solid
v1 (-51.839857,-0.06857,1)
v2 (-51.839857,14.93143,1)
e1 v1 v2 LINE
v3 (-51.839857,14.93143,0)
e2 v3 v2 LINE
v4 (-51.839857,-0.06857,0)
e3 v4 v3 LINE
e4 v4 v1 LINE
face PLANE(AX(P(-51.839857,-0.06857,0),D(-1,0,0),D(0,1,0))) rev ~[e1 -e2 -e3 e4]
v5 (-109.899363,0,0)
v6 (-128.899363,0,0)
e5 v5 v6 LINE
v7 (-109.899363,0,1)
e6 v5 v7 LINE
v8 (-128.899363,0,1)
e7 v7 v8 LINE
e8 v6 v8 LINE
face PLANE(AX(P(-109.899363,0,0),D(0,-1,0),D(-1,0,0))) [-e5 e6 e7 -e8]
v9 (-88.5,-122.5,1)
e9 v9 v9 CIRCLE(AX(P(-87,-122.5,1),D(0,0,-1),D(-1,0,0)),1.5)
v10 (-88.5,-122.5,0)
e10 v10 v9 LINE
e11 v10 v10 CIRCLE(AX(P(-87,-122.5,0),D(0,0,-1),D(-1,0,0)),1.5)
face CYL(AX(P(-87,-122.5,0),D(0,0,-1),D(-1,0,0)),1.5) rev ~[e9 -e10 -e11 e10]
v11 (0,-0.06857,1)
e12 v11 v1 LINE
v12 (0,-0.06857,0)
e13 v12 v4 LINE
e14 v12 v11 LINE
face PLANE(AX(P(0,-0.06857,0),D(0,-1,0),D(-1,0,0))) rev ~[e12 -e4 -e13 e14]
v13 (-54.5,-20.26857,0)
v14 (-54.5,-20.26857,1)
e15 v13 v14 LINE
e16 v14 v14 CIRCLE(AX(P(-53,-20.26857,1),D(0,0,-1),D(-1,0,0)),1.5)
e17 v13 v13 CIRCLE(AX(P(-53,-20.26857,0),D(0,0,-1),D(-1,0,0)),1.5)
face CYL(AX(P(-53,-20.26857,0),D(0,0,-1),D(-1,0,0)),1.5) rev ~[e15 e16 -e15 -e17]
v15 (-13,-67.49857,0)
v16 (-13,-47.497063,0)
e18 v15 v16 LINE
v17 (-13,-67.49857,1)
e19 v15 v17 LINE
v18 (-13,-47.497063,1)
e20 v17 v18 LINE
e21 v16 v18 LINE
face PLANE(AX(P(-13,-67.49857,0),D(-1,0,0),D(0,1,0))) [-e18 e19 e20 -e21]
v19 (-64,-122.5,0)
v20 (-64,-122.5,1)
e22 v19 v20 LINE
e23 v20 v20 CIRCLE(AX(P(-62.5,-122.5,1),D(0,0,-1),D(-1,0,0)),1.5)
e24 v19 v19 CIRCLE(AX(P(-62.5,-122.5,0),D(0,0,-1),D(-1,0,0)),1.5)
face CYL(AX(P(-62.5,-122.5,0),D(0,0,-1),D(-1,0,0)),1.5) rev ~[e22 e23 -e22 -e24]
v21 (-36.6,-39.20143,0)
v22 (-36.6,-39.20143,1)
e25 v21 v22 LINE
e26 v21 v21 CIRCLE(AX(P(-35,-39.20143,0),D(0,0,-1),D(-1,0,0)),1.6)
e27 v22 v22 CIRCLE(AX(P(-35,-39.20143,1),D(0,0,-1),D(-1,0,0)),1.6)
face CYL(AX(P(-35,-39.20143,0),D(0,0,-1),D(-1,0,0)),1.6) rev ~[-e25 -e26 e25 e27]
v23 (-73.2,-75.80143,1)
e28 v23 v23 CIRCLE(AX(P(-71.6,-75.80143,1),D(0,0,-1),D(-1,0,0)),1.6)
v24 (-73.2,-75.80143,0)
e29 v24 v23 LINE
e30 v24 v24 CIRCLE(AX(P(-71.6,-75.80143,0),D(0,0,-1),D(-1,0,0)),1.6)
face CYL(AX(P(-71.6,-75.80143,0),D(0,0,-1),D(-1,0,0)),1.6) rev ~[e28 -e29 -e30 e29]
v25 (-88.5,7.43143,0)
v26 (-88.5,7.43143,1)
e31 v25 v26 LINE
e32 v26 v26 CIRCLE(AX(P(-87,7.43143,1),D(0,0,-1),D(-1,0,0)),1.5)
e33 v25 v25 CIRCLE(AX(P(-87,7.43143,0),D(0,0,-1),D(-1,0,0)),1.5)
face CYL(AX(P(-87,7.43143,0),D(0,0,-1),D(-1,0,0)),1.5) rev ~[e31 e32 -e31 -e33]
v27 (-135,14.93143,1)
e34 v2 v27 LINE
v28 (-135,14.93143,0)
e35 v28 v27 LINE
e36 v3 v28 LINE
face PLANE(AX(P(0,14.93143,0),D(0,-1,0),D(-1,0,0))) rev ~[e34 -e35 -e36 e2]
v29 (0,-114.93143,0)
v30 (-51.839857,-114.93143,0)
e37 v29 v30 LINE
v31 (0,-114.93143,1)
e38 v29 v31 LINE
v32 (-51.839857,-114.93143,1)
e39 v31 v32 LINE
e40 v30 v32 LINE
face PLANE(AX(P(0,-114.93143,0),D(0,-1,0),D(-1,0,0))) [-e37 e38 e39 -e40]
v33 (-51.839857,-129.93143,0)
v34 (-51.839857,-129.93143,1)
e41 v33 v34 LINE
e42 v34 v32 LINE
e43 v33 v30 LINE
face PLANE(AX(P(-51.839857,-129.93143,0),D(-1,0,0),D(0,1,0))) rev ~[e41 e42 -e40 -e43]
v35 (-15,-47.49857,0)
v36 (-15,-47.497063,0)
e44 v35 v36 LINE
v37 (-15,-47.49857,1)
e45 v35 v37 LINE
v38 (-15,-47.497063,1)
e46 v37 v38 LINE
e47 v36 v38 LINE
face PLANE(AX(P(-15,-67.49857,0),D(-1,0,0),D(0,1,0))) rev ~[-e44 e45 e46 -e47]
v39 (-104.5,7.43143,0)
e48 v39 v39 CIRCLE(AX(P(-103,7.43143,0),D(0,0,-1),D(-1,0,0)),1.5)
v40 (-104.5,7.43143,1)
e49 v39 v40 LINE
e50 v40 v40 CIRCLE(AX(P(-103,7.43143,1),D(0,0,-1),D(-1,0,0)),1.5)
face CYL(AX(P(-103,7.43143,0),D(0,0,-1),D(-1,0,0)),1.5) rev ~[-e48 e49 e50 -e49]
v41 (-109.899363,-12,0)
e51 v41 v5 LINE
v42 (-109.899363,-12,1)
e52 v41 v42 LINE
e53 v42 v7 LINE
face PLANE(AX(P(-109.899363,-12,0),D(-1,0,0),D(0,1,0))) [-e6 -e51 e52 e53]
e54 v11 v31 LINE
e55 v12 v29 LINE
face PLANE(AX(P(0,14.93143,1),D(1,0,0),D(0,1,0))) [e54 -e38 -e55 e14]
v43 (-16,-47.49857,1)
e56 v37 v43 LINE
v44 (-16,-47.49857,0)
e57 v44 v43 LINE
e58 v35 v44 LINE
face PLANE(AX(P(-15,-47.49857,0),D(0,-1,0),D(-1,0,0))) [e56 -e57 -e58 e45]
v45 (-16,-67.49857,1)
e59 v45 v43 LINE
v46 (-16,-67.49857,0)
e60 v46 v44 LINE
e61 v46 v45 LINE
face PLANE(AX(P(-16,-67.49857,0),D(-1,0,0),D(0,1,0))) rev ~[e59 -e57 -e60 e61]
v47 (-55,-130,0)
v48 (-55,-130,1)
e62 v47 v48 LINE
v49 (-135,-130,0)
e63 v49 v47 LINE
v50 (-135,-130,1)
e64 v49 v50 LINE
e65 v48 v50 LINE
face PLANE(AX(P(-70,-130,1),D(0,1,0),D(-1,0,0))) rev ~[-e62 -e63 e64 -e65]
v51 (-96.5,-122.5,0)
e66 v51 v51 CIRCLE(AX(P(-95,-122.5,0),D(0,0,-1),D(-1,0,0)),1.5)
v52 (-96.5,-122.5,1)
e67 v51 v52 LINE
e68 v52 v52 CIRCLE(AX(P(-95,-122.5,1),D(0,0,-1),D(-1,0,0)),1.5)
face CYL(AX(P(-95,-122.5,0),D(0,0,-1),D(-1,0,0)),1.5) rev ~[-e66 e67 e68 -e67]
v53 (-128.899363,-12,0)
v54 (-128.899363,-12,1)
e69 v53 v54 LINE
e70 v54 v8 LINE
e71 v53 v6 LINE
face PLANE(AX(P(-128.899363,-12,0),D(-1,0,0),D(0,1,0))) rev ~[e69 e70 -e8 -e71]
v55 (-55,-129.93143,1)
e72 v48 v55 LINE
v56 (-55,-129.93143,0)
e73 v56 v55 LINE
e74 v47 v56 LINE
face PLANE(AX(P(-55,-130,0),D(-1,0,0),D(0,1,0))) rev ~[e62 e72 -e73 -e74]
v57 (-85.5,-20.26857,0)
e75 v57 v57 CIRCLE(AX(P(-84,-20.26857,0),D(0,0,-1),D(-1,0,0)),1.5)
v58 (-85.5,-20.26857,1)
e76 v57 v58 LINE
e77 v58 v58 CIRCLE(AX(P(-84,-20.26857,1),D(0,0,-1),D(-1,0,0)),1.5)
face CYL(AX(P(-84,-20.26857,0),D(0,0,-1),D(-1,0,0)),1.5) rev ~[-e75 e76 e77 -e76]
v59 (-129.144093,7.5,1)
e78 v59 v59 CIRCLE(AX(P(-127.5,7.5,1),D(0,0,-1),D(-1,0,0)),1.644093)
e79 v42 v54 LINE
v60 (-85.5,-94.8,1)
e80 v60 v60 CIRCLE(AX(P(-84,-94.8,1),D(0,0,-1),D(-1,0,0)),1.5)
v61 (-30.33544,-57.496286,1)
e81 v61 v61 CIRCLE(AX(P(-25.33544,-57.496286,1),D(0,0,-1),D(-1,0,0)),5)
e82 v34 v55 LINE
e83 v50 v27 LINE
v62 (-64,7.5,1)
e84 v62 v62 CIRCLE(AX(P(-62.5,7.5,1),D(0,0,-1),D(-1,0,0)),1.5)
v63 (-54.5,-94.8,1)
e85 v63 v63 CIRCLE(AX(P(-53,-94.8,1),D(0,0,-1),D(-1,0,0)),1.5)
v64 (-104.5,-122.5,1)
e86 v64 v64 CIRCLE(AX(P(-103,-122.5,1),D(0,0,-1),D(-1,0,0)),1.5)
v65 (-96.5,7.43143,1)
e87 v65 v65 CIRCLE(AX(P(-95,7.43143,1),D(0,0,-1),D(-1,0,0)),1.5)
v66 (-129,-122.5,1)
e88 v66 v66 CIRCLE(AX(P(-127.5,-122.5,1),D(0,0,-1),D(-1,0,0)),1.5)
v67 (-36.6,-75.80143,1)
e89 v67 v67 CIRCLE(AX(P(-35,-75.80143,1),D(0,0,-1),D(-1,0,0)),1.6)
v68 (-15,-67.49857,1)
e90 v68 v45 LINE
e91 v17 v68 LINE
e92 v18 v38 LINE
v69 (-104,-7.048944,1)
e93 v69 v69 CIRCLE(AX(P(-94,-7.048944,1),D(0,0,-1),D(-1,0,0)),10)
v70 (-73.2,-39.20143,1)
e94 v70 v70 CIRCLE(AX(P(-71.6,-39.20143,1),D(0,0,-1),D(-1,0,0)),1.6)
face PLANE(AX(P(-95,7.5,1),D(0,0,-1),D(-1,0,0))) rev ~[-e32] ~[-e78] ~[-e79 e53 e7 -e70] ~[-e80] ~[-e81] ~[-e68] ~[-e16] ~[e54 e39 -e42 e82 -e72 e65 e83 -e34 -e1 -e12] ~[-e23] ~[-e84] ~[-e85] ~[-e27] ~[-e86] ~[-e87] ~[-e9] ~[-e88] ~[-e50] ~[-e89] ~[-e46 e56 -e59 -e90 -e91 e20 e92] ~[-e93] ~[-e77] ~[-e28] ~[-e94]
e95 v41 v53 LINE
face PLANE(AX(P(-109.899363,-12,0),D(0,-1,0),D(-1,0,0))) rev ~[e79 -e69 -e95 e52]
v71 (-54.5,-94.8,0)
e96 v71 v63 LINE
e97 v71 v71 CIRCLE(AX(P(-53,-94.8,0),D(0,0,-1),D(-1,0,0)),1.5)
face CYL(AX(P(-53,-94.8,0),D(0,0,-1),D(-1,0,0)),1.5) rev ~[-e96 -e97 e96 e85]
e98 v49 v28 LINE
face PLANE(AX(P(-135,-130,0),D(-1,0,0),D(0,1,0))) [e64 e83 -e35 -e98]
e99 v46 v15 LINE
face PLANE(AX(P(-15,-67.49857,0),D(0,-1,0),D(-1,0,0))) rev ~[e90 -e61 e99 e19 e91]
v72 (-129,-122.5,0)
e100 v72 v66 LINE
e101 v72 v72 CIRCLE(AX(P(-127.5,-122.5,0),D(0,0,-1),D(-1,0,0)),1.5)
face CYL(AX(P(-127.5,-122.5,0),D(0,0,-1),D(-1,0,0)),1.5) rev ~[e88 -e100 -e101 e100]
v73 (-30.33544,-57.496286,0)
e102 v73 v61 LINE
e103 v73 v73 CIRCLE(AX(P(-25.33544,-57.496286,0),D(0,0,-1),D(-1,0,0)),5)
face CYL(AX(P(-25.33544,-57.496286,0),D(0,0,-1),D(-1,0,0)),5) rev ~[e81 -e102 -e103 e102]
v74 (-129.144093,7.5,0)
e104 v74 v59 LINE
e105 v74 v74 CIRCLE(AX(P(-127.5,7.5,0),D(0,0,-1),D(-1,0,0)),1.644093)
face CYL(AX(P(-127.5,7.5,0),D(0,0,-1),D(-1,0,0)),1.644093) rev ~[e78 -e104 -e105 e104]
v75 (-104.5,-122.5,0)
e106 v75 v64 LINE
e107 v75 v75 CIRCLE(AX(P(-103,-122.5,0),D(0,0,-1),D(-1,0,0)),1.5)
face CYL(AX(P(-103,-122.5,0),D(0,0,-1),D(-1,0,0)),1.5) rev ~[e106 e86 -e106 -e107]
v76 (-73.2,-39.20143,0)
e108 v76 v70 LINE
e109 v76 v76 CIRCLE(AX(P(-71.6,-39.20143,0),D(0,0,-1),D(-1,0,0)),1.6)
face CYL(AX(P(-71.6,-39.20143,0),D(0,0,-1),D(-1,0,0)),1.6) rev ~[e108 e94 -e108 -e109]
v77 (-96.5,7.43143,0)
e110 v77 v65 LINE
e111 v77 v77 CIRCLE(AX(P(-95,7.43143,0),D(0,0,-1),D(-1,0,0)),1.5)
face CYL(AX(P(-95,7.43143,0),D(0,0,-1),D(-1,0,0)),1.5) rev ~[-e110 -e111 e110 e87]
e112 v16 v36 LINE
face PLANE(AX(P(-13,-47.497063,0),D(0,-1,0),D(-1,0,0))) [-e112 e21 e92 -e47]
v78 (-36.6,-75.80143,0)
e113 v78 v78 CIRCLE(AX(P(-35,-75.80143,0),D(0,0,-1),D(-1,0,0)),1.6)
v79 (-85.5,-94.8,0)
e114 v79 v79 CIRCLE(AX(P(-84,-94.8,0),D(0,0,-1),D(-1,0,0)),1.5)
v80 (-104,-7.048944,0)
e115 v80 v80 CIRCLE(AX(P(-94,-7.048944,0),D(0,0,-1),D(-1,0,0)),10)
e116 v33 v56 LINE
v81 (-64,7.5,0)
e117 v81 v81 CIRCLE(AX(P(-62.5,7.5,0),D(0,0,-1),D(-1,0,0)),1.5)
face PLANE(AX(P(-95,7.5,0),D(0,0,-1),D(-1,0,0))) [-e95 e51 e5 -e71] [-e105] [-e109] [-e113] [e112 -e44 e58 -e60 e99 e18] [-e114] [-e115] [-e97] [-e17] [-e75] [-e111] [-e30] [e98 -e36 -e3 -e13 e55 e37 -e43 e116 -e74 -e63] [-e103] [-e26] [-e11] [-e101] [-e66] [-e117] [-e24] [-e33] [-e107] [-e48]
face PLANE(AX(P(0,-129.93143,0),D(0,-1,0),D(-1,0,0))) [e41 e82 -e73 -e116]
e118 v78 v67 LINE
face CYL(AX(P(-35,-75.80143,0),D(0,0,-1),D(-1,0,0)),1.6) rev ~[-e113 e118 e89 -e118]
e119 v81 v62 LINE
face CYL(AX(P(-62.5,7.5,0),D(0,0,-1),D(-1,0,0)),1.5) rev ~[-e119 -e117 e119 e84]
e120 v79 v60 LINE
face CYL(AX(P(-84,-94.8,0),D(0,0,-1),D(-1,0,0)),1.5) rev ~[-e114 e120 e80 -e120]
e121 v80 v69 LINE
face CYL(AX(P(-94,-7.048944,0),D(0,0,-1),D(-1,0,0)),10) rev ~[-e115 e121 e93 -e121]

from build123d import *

# Parameters (mm, degrees)
SKETCH1_W            = 135
SKETCH1_H            = 115
BOSS_EXTRUDE1_DEPTH  = 1
SKETCH3_W            = 15
SKETCH3_H            = 15
BOSS_EXTRUDE3_DEPTH  = 1
SKETCH4_W            = 15
SKETCH4_H            = 15
BOSS_EXTRUDE4_DEPTH  = 1
SKETCH5_R            = 1.5
SKETCH5_R_2          = 1.644092979
CUT_EXTRUDE1_DEPTH   = 1
BOSS_EXTRUDE5_START  = -1
SKETCH6_W            = 50
SKETCH6_H            = 15
BOSS_EXTRUDE5_DEPTH  = 1
SKETCH7_W            = 55
SKETCH7_H            = 14.931429571
BOSS_EXTRUDE6_DEPTH  = 1
SKETCH8_W            = 55
SKETCH8_H            = 14.931429571
BOSS_EXTRUDE10_DEPTH = 1
SKETCH9_W            = 50
SKETCH9_H            = 15
BOSS_EXTRUDE11_DEPTH = 1
SKETCH10_W           = 135
SKETCH10_H           = 20
BOSS_EXTRUDE12_DEPTH = 1
SKETCH12_W           = 135
SKETCH12_H           = 20
CUT_EXTRUDE2_DEPTH   = 1
SKETCH14_W           = 51.839856939
SKETCH14_H           = 15
CUT_EXTRUDE3_DEPTH   = 1
SKETCH15_R           = 1.5
CUT_EXTRUDE5_DEPTH   = 10
SKETCH16_R           = 1.5
CUT_EXTRUDE6_DEPTH   = 10
SKETCH17_R           = 1.6
CUT_EXTRUDE9_DEPTH   = 1
SKETCH18_R           = 1.5
SKETCH18_R_2         = 10
CUT_EXTRUDE10_DEPTH  = 10
SKETCH19_R           = 10
CUT_EXTRUDE11_DEPTH  = 10
SKETCH20_W           = 19
SKETCH20_H           = 12
CUT_EXTRUDE12_DEPTH  = 10
SKETCH21_R           = 5
SKETCH21_W           = 1
SKETCH21_H           = 20
CUT_EXTRUDE13_DEPTH  = 10
SKETCH22_R           = 1.5
CUT_EXTRUDE14_DEPTH  = 10
SKETCH23_R           = 1.623611173
SKETCH23_R_2         = 1.5
SKETCH23_R_3         = 1.457682771
SKETCH23_R_4         = 10
SKETCH23_R_5         = 2.633238526
BOSS_EXTRUDE14_DEPTH = 1
SKETCH24_R           = 1.891339509
BOSS_EXTRUDE15_DEPTH = 1
SKETCH25_W           = 2
SKETCH25_H           = 20.001507343
CUT_EXTRUDE15_DEPTH  = 1
SKETCH26_R           = 1.5
CUT_EXTRUDE16_DEPTH  = 1


with BuildPart() as part:
    # Sketch1 → Boss-Extrude1 (new body)
    with BuildSketch(Plane.XY):
        with Locations((-67.5, -57.5)):
            Rectangle(SKETCH1_W, SKETCH1_H)
    extrude(amount=BOSS_EXTRUDE1_DEPTH)

    # Sketch3 → Boss-Extrude3 (add)
    with BuildSketch(Plane(origin=(0, 0, 0), x_dir=(-1, 0, 0), z_dir=(0, 0, -1))):
        with Locations((127.5, -122.5)):
            Rectangle(SKETCH3_W, SKETCH3_H)
        with Locations((127.5, 7.5)):
            Rectangle(SKETCH3_W, SKETCH3_H)
    extrude(amount=-BOSS_EXTRUDE3_DEPTH)

    # Sketch4 → Boss-Extrude4 (add)
    with BuildSketch(Plane(origin=(0, 0, 0), x_dir=(-1, 0, 0), z_dir=(0, 0, -1))):
        with Locations((62.5, -122.5)):
            Rectangle(SKETCH4_W, SKETCH4_H)
        with Locations((62.5, 7.5)):
            Rectangle(SKETCH4_W, SKETCH4_H)
    extrude(amount=-BOSS_EXTRUDE4_DEPTH)

    # Sketch5 → Cut-Extrude1 (cut)
    with BuildSketch(Plane(origin=(0, 0, 0), x_dir=(-1, 0, 0), z_dir=(0, 0, -1))):
        with Locations((62.5, -122.5)):
            Circle(SKETCH5_R)
        with Locations((127.5, -122.5)):
            Circle(SKETCH5_R)
        with Locations((62.5, 7.5)):
            Circle(SKETCH5_R)
        with Locations((127.5, 7.5)):
            Circle(SKETCH5_R_2)
    extrude(amount=-CUT_EXTRUDE1_DEPTH, mode=Mode.SUBTRACT)

    # Sketch6 → Boss-Extrude5 (add)
    with BuildSketch(Plane(origin=(0, 0, 0), x_dir=(-1, 0, 0), z_dir=(0, 0, -1)).offset(BOSS_EXTRUDE5_START)):
        with Locations((95, -122.5)):
            Rectangle(SKETCH6_W, SKETCH6_H)
    extrude(amount=BOSS_EXTRUDE5_DEPTH)

    # Sketch7 → Boss-Extrude6 (add)
    with BuildSketch(Plane(origin=(0, 0, 0), x_dir=(-1, 0, 0), z_dir=(0, 0, -1))):
        with Locations((27.5, -122.465714786)):
            Rectangle(SKETCH7_W, SKETCH7_H)
    extrude(amount=-BOSS_EXTRUDE6_DEPTH)

    # Sketch8 → Boss-Extrude10 (add)
    with BuildSketch(Plane(origin=(0, 0, 0), x_dir=(-1, 0, 0), z_dir=(0, 0, -1))):
        with Locations((27.5, 7.465714786)):
            Rectangle(SKETCH8_W, SKETCH8_H)
    extrude(amount=-BOSS_EXTRUDE10_DEPTH)

    # Sketch9 → Boss-Extrude11 (add)
    with BuildSketch(Plane(origin=(0, 0, 0), x_dir=(-1, 0, 0), z_dir=(0, 0, -1))):
        with Locations((95, 7.5)):
            Rectangle(SKETCH9_W, SKETCH9_H)
    extrude(amount=-BOSS_EXTRUDE11_DEPTH)

    # Sketch10 → Boss-Extrude12 (add)
    with BuildSketch(Plane.XY.offset(1)):
        with Locations((-67.5, 24.931429571)):
            Rectangle(SKETCH10_W, SKETCH10_H)
    extrude(amount=-BOSS_EXTRUDE12_DEPTH)

    # Sketch12 → Cut-Extrude2 (cut)
    with BuildSketch(Plane(origin=(0, 0, 0), x_dir=(-1, 0, 0), z_dir=(0, 0, -1))):
        with Locations((67.5, 24.931429571)):
            Rectangle(SKETCH12_W, SKETCH12_H)
    extrude(amount=-CUT_EXTRUDE2_DEPTH, mode=Mode.SUBTRACT)

    # Sketch14 → Cut-Extrude3 (cut)
    with BuildSketch(Plane(origin=(0, 0, 0), x_dir=(-1, 0, 0), z_dir=(0, 0, -1))):
        with Locations((25.91992847, -122.431429571)):
            Rectangle(SKETCH14_W, SKETCH14_H)
        with Locations((25.91992847, 7.431429571)):
            Rectangle(SKETCH14_W, SKETCH14_H)
    extrude(amount=-CUT_EXTRUDE3_DEPTH, mode=Mode.SUBTRACT)

    # Sketch15 → Cut-Extrude5 (cut)
    with BuildSketch(Plane(origin=(0, 0, 0), x_dir=(-1, 0, 0), z_dir=(0, 0, -1))):
        with Locations((71.839856939, -125)):
            Circle(SKETCH15_R)
        with Locations((113.463350925, -125)):
            Circle(SKETCH15_R)
        with Locations((100, -125)):
            Circle(SKETCH15_R)
        with Locations((87, -125)):
            Circle(SKETCH15_R)
        with Locations((100, 9.931429571)):
            Circle(SKETCH15_R)
        with Locations((87, 9.931429571)):
            Circle(SKETCH15_R)
        with Locations((32.99653198, -109.931429571)):
            Circle(SKETCH15_R)
        with Locations((20, -109.631168863)):
            Circle(SKETCH15_R)
        with Locations((32.99653198, -5.068570429)):
            Circle(SKETCH15_R)
        with Locations((20, -5.068570429)):
            Circle(SKETCH15_R)
    extrude(amount=-CUT_EXTRUDE5_DEPTH, mode=Mode.SUBTRACT)

    # Sketch16 → Cut-Extrude6 (cut)
    with BuildSketch(Plane(origin=(0, 0, 0), x_dir=(-1, 0, 0), z_dir=(0, 0, -1))):
        with Locations((130, -95)):
            Circle(SKETCH16_R)
        with Locations((130, -82)):
            Circle(SKETCH16_R)
        with Locations((130, -33.068570429)):
            Circle(SKETCH16_R)
        with Locations((130, -20.068570429)):
            Circle(SKETCH16_R)
    extrude(amount=-CUT_EXTRUDE6_DEPTH, mode=Mode.SUBTRACT)

    # Sketch17 → Cut-Extrude9 (cut)
    with BuildSketch(Plane(origin=(0, 0, 0), x_dir=(-1, 0, 0), z_dir=(0, 0, -1))):
        with Locations((35, -75.801429571)):
            Circle(SKETCH17_R)
        with Locations((35, -39.201429571)):
            Circle(SKETCH17_R)
        with Locations((71.6, -39.201429571)):
            Circle(SKETCH17_R)
        with Locations((71.6, -75.801429571)):
            Circle(SKETCH17_R)
    extrude(amount=-CUT_EXTRUDE9_DEPTH, mode=Mode.SUBTRACT)

    # Sketch18 → Cut-Extrude10 (cut)
    with BuildSketch(Plane(origin=(0, 0, 0), x_dir=(-1, 0, 0), z_dir=(0, 0, -1))):
        with Locations((115, -20.268570429)):
            Circle(SKETCH18_R)
        with Locations((115, -94.8)):
            Circle(SKETCH18_R)
        with Locations((84, -20.268570429)):
            Circle(SKETCH18_R)
        with Locations((84, -94.8)):
            Circle(SKETCH18_R)
        with Locations((95, -107.048943692)):
            Circle(SKETCH18_R_2)
    extrude(amount=-CUT_EXTRUDE10_DEPTH, mode=Mode.SUBTRACT)

    # Sketch19 → Cut-Extrude11 (cut)
    with BuildSketch(Plane(origin=(0, 0, 0), x_dir=(-1, 0, 0), z_dir=(0, 0, -1))):
        with Locations((94, -7.048943692)):
            Circle(SKETCH19_R)
    extrude(amount=-CUT_EXTRUDE11_DEPTH, mode=Mode.SUBTRACT)

    # Sketch20 → Cut-Extrude12 (cut)
    with BuildSketch(Plane(origin=(0, 0, 0), x_dir=(-1, 0, 0), z_dir=(0, 0, -1))):
        with Locations((119.399363066, -6)):
            Rectangle(SKETCH20_W, SKETCH20_H)
    extrude(amount=-CUT_EXTRUDE12_DEPTH, mode=Mode.SUBTRACT)

    # Sketch21 → Cut-Extrude13 (cut)
    with BuildSketch(Plane(origin=(0, 0, 0), x_dir=(-1, 0, 0), z_dir=(0, 0, -1))):
        with Locations((25.335439778, -57.496285719)):
            Circle(SKETCH21_R)
        with Locations((15.5, -57.498570429)):
            Rectangle(SKETCH21_W, SKETCH21_H)
    extrude(amount=-CUT_EXTRUDE13_DEPTH, mode=Mode.SUBTRACT)

    # Sketch22 → Cut-Extrude14 (cut)
    with BuildSketch(Plane(origin=(0, 0, 0), x_dir=(-1, 0, 0), z_dir=(0, 0, -1))):
        with Locations((53, -20.268570429)):
            Circle(SKETCH22_R)
        with Locations((53, -94.8)):
            Circle(SKETCH22_R)
    extrude(amount=-CUT_EXTRUDE14_DEPTH, mode=Mode.SUBTRACT)

    # Sketch23 → Boss-Extrude14 (add)
    with BuildSketch(Plane(origin=(0, 0, 0), x_dir=(-1, 0, 0), z_dir=(0, 0, -1))):
        with Locations((19.911217807, -5.154578825)):
            Circle(SKETCH23_R)
        with Locations((32.99653198, -5.068570429)):
            Circle(SKETCH23_R_2)
        with Locations((100, 9.931429571)):
            Circle(SKETCH23_R_2)
        with Locations((86.957682771, 9.931429571)):
            Circle(SKETCH23_R_3)
        with Locations((95, -107.048943692)):
            Circle(SKETCH23_R_4)
        with Locations((20, -109.631168863)):
            Circle(SKETCH23_R_2)
        with Locations((32.99653198, -109.931429571)):
            Circle(SKETCH23_R_2)
        with Locations((87, -125)):
            Circle(SKETCH23_R_2)
        with Locations((71.839856939, -125)):
            Circle(SKETCH23_R_5)
        with Locations((100, -125)):
            Circle(SKETCH23_R_2)
        with Locations((113.463350925, -125)):
            Circle(SKETCH23_R_2)
        with Locations((130, -20.068570429)):
            Circle(SKETCH23_R_2)
        with Locations((130, -33.068570429)):
            Circle(SKETCH23_R_2)
        with Locations((130, -82)):
            Circle(SKETCH23_R_2)
        with Locations((130, -95)):
            Circle(SKETCH23_R_2)
        with Locations((115, -20.268570429)):
            Circle(SKETCH23_R_2)
        with Locations((115, -94.8)):
            Circle(SKETCH23_R_2)
    extrude(amount=-BOSS_EXTRUDE14_DEPTH)

    # Sketch24 → Boss-Extrude15 (add)
    with BuildSketch(Plane(origin=(0, 0, 0), x_dir=(-1, 0, 0), z_dir=(0, 0, -1))):
        with Locations((86.989397584, 9.821400511)):
            Circle(SKETCH24_R)
    extrude(amount=-BOSS_EXTRUDE15_DEPTH)

    # Sketch25 → Cut-Extrude15 (cut)
    with BuildSketch(Plane(origin=(0, 0, 0), x_dir=(-1, 0, 0), z_dir=(0, 0, -1))):
        with Locations((14, -57.497816758)):
            Rectangle(SKETCH25_W, SKETCH25_H)
    extrude(amount=-CUT_EXTRUDE15_DEPTH, mode=Mode.SUBTRACT)

    # Sketch26 → Cut-Extrude16 (cut)
    with BuildSketch(Plane(origin=(0, 0, 0), x_dir=(-1, 0, 0), z_dir=(0, 0, -1))):
        with Locations((103, 7.431429571)):
            Circle(SKETCH26_R)
        with Locations((95, 7.431429571)):
            Circle(SKETCH26_R)
        with Locations((87, 7.431429571)):
            Circle(SKETCH26_R)
        with Locations((103, -122.5)):
            Circle(SKETCH26_R)
        with Locations((95, -122.5)):
            Circle(SKETCH26_R)
        with Locations((87, -122.5)):
            Circle(SKETCH26_R)
    extrude(amount=-CUT_EXTRUDE16_DEPTH, mode=Mode.SUBTRACT)


solid = part.part
